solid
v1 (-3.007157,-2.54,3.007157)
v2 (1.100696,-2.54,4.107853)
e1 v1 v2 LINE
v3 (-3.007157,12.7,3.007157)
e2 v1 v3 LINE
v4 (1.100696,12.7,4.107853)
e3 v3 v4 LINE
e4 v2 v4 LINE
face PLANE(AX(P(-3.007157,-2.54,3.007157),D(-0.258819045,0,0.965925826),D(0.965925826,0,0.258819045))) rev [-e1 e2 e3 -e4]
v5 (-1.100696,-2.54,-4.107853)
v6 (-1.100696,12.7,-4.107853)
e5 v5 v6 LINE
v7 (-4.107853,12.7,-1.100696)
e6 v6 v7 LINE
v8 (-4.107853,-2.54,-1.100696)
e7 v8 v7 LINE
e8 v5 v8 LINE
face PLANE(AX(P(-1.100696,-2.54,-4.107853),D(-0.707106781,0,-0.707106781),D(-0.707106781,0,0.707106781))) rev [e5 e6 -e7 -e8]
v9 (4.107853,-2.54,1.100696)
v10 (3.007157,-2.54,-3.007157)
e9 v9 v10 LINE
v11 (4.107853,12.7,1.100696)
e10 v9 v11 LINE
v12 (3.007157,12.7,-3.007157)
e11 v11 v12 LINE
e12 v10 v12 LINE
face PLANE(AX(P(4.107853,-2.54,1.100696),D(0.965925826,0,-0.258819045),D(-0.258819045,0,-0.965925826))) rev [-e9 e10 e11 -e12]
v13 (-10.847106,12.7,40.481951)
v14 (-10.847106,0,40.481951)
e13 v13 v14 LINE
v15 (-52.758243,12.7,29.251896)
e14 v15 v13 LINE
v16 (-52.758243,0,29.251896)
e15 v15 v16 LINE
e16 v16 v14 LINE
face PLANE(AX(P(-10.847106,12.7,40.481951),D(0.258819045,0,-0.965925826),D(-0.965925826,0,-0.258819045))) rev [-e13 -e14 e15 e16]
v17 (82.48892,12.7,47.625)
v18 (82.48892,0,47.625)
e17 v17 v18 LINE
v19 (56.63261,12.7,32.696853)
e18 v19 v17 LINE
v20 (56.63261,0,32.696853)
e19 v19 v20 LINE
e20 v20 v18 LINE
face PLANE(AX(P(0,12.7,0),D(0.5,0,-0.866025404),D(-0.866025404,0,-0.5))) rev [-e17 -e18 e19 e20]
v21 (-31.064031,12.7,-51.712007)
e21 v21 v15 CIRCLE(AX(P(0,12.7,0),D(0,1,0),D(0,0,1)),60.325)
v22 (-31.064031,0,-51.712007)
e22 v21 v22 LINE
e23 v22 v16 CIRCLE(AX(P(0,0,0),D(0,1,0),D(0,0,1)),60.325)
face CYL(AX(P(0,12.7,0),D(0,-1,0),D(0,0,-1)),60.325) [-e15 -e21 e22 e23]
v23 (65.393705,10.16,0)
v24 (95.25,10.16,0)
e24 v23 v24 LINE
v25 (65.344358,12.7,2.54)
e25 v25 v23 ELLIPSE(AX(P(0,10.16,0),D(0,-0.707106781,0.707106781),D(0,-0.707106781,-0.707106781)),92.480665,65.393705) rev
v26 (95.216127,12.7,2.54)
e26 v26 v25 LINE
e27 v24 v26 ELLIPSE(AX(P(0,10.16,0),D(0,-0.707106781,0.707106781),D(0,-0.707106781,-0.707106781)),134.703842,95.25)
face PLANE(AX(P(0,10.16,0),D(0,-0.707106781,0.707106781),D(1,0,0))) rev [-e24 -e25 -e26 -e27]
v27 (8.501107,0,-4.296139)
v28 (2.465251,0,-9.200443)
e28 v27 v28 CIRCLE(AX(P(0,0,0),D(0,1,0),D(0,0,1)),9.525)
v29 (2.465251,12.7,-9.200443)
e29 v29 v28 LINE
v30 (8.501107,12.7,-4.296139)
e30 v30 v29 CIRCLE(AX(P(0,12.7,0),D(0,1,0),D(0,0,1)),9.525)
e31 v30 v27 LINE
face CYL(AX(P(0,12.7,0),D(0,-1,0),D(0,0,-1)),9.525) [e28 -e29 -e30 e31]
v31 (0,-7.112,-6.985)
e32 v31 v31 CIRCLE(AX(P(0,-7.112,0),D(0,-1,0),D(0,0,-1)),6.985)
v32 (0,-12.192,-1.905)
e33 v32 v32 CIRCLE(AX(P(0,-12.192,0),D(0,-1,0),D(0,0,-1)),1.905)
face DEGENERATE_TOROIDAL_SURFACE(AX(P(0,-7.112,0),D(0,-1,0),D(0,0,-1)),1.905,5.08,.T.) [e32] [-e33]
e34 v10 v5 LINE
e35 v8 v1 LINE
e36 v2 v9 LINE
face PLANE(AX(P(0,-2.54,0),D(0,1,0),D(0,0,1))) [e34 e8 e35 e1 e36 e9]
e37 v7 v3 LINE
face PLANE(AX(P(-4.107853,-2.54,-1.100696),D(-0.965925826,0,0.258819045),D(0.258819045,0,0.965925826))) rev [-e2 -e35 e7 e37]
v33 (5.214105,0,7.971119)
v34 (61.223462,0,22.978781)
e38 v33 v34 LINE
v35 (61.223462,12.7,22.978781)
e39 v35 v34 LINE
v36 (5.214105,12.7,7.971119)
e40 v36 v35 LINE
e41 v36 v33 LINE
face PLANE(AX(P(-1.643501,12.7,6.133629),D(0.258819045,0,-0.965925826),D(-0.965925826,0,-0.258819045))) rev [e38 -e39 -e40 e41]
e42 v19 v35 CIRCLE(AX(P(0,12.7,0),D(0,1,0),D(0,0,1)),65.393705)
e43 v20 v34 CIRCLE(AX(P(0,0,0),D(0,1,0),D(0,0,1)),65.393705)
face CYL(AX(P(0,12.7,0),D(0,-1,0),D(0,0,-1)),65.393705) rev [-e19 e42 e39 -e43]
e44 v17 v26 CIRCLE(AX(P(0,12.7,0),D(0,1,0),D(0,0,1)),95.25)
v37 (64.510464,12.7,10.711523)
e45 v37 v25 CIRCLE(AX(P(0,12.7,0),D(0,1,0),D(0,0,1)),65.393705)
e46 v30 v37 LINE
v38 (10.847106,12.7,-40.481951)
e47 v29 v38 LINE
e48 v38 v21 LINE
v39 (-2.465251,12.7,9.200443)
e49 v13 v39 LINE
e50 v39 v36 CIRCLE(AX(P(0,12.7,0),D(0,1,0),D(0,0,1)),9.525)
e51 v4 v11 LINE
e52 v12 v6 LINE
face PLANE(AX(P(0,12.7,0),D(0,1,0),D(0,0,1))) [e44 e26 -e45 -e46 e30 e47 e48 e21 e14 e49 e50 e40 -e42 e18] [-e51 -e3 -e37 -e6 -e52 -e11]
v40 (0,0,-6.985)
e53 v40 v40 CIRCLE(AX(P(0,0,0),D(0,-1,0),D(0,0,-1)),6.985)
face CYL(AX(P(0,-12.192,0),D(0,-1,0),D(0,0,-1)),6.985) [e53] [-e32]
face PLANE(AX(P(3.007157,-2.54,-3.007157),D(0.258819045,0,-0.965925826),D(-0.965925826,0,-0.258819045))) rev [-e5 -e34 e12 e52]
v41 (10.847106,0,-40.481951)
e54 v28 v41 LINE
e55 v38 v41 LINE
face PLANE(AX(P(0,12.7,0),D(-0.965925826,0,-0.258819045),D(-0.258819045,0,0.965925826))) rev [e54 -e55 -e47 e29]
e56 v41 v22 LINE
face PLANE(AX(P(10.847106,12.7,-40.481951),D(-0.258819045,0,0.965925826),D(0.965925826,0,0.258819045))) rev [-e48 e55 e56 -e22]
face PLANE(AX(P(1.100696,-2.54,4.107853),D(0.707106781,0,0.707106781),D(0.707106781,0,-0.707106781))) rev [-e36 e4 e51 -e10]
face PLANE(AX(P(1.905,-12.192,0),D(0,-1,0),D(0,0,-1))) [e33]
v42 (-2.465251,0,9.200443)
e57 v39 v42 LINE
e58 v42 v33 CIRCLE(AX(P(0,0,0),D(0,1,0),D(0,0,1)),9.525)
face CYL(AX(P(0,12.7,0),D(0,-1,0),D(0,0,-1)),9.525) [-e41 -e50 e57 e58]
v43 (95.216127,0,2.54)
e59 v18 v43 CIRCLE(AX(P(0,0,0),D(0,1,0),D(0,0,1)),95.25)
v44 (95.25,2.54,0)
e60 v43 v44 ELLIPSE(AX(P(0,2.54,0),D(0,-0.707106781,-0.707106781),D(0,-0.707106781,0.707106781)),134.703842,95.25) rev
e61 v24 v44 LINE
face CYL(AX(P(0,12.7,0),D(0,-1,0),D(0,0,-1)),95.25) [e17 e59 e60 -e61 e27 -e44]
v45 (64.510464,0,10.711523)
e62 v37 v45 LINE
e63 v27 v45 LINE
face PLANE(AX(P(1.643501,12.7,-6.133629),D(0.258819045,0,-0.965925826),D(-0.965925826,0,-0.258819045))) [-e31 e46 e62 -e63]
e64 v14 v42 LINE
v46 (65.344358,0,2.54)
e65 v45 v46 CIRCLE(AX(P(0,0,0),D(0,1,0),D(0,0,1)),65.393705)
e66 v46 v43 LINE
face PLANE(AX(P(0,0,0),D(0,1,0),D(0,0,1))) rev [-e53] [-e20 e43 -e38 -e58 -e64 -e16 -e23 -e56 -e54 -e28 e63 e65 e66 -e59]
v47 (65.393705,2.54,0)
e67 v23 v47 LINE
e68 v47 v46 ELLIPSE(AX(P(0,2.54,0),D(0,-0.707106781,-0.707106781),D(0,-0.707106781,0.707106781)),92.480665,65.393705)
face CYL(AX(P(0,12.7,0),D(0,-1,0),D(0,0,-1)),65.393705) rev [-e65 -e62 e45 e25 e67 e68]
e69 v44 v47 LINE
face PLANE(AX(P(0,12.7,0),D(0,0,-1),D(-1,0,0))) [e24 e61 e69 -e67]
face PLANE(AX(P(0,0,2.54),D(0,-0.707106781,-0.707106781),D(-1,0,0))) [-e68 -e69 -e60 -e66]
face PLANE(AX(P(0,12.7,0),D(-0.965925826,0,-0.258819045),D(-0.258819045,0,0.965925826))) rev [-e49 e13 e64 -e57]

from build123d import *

# Parameters (mm, degrees)
BOSS_EXTRUDE1_DEPTH = 12.7
CUT_EXTRUDE2_DEPTH  = 15.24
CHAMFER1_SIZE       = 2.54


with BuildPart() as part:
    # Sketch1 → Boss-Extrude1 (new body)
    with BuildSketch(Plane(origin=(0, 0, 0), x_dir=(1, 0, 0), z_dir=(0, 1, 0))):
        with BuildLine():
            Line((65.393705137, 0), (95.25, 0))
            ThreePointArc((95.25, 0), (92.004434954, -24.652514046), (82.48891971, -47.625))
            Line((82.48891971, -47.625), (56.632609896, -32.696852568))
            ThreePointArc((56.632609896, -32.696852568), (59.12802761, -27.932293541), (61.223461988, -22.978780943))
            Line((61.223461988, -22.978780943), (5.214104757, -7.971118904))
            ThreePointArc((5.214104757, -7.971118904), (1.505608988, -9.405252074), (-2.465251405, -9.200443495))
            Line((-2.465251405, -9.200443495), (-10.84710618, -40.48195138))
            Line((-10.84710618, -40.48195138), (-52.758242936, -29.251896132))
            ThreePointArc((-52.758242936, -29.251896132), (-58.269475471, 15.613258896), (-31.064030575, 51.712006627))
            Line((-31.064030575, 51.712006627), (10.84710618, 40.48195138))
            Line((10.84710618, 40.48195138), (2.465251405, 9.200443495))
            ThreePointArc((2.465251405, 9.200443495), (6.006521669, 7.392382731), (8.501106629, 4.296139089))
            Line((8.501106629, 4.296139089), (64.510463861, -10.711522949))
            ThreePointArc((64.510463861, -10.711522949), (65.172520756, -5.373938012), (65.393705137, 0))
        make_face()
    extrude(amount=BOSS_EXTRUDE1_DEPTH)

    # Sketch2 → Revolve1 (revolve)
    with BuildSketch(Plane.XY, mode=Mode.PRIVATE) as revolve1_sk:
        with BuildLine():
            Line((6.985, 0), (0, 0))
            Line((0, 0), (0, -12.192))
            Line((0, -12.192), (1.905, -12.192))
            ThreePointArc((1.905, -12.192), (5.497102448, -10.704102448), (6.985, -7.112))
            Line((6.985, -7.112), (6.985, 0))
        make_face()
    revolve(revolve1_sk.sketch.rotate(Axis((0, -12.192, 0), (0, 1, 0)), 90), axis=Axis((0, -12.192, 0), (0, 1, 0)))

    # Sketch5 → Cut-Extrude2 (cut)
    with BuildSketch(Plane(origin=(0, 12.7, 0), x_dir=(1, 0, 0), z_dir=(0, 1, 0))):
        Polygon((3.007156908, 3.007156908), (-1.100695821, 4.107852729), (-4.107852729, 1.100695821), (-3.007156908, -3.007156908), (1.100695821, -4.107852729), (4.107852729, -1.100695821), align=None)
    extrude(amount=-CUT_EXTRUDE2_DEPTH, mode=Mode.SUBTRACT)

    # Chamfer1
    chamfer1_edges = [part.edges().sort_by_distance(p)[0] for p in [
        (80.321852568, 0, 0),
        (80.321852568, 12.7, 0),
    ]]
    chamfer(chamfer1_edges, length=CHAMFER1_SIZE)


solid = part.part
